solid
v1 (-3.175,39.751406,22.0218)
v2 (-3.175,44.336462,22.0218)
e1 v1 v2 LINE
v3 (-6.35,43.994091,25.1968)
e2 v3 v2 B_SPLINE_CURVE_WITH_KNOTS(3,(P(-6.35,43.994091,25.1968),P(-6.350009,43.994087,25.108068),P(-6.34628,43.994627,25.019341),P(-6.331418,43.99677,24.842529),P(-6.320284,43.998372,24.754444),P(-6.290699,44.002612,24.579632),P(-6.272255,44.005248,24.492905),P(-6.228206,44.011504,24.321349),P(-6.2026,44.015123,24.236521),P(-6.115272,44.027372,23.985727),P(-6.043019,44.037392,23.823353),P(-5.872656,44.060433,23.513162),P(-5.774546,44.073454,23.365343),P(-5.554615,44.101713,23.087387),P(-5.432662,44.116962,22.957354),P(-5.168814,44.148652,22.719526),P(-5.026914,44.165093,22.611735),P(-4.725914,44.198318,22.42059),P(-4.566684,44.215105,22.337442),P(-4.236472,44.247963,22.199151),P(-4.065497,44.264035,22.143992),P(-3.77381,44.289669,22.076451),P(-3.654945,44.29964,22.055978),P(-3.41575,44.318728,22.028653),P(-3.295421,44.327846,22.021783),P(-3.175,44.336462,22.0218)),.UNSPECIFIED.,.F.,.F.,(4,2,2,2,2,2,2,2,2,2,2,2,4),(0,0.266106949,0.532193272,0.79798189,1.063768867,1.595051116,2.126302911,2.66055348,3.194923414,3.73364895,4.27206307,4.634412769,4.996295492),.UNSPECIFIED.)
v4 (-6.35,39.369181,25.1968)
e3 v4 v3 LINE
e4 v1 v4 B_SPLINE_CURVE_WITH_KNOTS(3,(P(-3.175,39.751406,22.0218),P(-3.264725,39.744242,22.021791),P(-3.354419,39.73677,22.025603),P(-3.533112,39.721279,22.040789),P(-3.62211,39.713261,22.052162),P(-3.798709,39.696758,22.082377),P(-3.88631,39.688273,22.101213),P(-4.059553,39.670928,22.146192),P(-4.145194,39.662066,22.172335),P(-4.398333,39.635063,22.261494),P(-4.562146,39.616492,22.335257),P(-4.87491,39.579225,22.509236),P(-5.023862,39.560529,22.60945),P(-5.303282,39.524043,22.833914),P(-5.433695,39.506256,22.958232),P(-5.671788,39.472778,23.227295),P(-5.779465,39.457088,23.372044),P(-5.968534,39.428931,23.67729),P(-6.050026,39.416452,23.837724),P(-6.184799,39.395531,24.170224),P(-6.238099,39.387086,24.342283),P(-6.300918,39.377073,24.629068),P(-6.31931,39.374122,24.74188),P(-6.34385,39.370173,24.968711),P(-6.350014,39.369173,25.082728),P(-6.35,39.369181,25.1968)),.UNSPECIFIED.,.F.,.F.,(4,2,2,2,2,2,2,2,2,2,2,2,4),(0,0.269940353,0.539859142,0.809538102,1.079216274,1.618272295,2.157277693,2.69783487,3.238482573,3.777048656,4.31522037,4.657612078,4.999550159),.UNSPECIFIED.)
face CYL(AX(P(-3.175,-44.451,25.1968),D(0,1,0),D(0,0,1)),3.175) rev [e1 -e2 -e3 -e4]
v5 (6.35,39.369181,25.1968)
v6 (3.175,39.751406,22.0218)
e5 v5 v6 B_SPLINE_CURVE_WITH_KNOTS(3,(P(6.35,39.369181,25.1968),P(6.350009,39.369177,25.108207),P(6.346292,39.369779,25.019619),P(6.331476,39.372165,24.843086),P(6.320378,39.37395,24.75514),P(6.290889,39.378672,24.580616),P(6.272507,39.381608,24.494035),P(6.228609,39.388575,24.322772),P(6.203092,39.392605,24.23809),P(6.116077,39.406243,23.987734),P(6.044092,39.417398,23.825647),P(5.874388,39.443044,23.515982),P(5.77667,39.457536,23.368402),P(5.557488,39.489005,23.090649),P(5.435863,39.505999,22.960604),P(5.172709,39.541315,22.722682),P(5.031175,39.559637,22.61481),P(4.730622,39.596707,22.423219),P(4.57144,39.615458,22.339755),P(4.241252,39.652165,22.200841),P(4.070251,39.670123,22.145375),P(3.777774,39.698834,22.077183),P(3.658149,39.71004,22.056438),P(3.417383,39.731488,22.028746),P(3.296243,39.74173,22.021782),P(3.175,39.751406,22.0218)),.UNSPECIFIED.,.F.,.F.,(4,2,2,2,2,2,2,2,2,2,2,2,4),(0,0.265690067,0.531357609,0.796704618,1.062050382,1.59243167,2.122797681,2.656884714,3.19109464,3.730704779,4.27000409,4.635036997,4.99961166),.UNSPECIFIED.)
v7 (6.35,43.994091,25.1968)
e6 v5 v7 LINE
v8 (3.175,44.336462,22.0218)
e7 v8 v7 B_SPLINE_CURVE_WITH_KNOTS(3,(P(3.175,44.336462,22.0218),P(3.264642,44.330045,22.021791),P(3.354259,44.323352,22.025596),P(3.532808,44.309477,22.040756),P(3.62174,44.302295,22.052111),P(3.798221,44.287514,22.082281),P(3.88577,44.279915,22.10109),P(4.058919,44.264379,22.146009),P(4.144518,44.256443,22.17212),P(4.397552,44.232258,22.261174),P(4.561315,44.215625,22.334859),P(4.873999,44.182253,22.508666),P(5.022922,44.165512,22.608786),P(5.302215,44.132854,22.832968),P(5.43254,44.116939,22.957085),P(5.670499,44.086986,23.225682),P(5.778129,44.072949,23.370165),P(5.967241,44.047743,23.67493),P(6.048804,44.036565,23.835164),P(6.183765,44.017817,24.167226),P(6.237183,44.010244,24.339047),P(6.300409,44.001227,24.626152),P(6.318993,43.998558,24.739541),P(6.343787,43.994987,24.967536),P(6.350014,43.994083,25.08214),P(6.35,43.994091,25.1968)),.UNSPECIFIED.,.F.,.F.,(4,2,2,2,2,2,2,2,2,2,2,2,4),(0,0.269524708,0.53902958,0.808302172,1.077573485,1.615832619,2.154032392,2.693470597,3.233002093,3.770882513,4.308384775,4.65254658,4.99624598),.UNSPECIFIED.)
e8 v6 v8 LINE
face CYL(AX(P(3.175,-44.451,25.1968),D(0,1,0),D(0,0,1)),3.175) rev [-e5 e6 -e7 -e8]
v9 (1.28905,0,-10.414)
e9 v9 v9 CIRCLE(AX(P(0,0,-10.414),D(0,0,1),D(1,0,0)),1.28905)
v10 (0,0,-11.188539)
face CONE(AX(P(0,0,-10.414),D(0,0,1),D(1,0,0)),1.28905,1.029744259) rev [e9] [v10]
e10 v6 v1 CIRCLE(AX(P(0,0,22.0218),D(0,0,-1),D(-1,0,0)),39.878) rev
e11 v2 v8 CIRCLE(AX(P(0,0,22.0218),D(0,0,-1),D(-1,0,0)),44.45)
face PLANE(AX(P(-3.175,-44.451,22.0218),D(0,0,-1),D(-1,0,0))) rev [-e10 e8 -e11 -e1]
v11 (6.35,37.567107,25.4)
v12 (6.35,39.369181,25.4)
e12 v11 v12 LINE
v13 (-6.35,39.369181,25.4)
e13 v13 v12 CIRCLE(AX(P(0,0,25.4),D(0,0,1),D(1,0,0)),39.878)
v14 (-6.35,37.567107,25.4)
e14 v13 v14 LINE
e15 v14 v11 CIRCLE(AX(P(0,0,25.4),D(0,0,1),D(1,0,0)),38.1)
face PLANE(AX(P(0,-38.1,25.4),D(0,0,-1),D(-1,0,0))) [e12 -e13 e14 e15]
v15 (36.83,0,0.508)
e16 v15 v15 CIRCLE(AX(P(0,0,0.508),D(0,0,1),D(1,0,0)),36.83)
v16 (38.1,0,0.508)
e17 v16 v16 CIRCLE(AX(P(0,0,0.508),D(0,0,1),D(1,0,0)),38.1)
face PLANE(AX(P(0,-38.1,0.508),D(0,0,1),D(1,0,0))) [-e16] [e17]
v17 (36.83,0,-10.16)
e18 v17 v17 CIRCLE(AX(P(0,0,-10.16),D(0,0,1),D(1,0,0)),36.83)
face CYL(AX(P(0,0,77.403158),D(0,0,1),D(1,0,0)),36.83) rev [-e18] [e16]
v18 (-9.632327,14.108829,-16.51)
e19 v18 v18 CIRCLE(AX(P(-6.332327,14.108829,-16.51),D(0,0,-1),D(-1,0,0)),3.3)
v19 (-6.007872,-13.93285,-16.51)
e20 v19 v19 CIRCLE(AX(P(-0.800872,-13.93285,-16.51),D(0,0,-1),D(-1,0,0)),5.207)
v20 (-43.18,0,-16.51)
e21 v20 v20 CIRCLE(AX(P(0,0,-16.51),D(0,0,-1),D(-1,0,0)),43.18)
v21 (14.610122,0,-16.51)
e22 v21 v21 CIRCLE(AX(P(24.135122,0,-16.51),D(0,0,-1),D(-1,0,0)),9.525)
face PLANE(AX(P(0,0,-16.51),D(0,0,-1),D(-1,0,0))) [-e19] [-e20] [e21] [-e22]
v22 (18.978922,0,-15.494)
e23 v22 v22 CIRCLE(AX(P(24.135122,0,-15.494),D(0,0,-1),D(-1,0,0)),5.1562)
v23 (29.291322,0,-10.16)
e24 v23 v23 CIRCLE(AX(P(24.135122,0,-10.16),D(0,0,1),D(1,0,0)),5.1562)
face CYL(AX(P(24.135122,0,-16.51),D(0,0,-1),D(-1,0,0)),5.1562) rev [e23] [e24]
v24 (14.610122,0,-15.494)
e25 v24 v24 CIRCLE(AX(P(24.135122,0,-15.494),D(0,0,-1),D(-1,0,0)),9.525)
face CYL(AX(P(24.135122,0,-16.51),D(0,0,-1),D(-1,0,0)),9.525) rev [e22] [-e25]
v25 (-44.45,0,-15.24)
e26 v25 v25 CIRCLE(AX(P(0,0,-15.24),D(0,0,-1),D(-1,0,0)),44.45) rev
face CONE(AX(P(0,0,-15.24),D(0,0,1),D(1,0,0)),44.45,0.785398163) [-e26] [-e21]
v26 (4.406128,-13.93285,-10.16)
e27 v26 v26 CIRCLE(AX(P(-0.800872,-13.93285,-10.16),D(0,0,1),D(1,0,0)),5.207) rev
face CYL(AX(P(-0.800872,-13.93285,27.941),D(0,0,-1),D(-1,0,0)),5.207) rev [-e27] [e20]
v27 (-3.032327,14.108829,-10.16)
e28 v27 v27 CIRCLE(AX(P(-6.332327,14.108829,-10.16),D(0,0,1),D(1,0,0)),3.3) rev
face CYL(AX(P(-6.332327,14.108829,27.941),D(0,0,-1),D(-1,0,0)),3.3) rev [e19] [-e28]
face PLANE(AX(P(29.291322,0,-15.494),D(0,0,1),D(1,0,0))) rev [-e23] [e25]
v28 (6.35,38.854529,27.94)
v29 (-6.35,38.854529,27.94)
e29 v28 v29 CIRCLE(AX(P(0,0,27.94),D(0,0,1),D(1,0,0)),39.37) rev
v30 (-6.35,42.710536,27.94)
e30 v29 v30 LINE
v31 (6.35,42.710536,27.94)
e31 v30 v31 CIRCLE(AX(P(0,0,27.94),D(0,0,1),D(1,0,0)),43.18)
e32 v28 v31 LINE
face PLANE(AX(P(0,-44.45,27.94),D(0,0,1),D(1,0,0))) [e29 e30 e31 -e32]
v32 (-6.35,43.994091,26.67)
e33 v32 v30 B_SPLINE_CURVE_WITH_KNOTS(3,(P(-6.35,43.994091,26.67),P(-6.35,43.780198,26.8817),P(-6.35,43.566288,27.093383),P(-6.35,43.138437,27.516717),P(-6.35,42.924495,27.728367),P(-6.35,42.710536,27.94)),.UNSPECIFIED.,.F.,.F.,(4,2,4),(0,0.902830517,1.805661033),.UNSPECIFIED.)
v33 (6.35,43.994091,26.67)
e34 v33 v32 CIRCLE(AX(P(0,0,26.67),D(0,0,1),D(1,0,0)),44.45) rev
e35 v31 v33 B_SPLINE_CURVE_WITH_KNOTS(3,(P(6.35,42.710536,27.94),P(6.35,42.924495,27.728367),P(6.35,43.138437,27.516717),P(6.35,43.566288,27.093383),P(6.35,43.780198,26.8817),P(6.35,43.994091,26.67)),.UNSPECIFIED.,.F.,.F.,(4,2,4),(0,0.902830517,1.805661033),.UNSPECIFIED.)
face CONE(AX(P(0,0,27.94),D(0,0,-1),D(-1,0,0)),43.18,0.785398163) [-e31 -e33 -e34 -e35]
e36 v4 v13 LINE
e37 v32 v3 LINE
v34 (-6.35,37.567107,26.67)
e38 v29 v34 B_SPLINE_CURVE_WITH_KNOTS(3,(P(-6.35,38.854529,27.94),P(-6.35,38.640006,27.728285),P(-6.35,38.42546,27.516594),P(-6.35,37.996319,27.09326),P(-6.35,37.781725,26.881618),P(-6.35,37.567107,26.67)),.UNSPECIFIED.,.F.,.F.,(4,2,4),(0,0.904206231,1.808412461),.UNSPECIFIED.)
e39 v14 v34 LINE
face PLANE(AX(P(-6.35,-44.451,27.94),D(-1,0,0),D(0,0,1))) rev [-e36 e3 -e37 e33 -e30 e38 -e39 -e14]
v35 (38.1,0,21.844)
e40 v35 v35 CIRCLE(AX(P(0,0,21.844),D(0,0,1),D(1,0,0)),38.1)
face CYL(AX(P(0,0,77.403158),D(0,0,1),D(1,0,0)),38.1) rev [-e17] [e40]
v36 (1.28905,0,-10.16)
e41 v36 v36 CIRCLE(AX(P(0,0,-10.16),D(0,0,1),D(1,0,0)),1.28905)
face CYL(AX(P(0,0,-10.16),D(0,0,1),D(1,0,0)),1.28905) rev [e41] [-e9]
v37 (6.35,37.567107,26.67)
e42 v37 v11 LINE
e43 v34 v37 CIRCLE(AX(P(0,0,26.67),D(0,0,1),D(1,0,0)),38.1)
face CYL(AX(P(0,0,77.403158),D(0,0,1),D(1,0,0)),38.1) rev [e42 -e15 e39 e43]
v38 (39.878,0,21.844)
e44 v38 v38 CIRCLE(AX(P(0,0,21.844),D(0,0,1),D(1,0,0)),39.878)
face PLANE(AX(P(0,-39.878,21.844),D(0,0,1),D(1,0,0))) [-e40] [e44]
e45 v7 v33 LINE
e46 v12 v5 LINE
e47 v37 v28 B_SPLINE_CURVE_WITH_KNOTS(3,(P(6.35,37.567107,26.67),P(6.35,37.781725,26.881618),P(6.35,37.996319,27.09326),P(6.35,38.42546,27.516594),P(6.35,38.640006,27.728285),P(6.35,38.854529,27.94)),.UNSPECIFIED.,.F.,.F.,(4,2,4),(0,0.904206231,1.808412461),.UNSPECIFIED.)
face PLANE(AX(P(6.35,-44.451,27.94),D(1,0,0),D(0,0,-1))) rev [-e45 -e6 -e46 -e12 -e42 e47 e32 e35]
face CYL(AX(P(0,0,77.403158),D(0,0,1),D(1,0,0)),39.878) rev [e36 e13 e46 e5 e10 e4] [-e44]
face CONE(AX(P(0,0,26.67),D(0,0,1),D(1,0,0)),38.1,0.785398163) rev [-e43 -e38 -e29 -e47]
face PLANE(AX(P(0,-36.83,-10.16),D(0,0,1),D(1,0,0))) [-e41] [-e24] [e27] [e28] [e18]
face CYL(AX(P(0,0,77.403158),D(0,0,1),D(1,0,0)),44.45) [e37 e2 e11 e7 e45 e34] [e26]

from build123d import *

# Parameters (mm, degrees)
CUT_EXTRUDE1_REACH                                   = 90.9
CHAMFER2_SIZE                                        = 1.27
CHAMFER3_SIZE                                        = 1.27
F_38_0_1015_DIAMETER_HOLE1_D                         = 2.5781
F_38_0_1015_DIAMETER_HOLE1_DEPTH                     = 0.254
F_38_0_1015_DIAMETER_HOLE1_TIP                       = 0.774539381
CBORE_FOR_3_8_BINDING_HEAD_MACHINE_SCREW_D           = 10.3124
CBORE_FOR_3_8_BINDING_HEAD_MACHINE_SCREW_DEPTH       = 6.35
CBORE_FOR_3_8_BINDING_HEAD_MACHINE_SCREW_CBORE_D     = 19.05
CBORE_FOR_3_8_BINDING_HEAD_MACHINE_SCREW_CBORE_DEPTH = 1.016
CUT_EXTRUDE3_REACH                                   = 46.45
SKETCH16_R                                           = 5.207
SKETCH16_R_2                                         = 3.3


with BuildPart() as part:
    # Sketch1 → Revolve1 (revolve)
    with BuildSketch(Plane(origin=(0, 0, 0), x_dir=(0, 0, -1), z_dir=(1, 0, 0))):
        Polygon((10.16, 0), (16.51, 0), (16.51, -44.45), (-27.94, -44.45), (-27.94, -38.1), (-25.4, -38.1), (-25.4, -39.878), (-21.844, -39.878), (-21.844, -38.1), (-0.508, -38.1), (-0.508, -36.83), (10.16, -36.83), align=None)
    revolve(axis=Axis((0, 0, 77.403157895), (0, 0, -1)))

    # Sketch2 → Cut-Extrude1 (cut, up to next)
    with BuildSketch(Plane(origin=(0, 44.45, 0), x_dir=(1, 0, 0), z_dir=(0, 1, 0)), mode=Mode.PRIVATE) as cut_extrude1_sk1:
        with BuildLine():
            Line((-6.35, -27.94), (6.35, -27.94))
            Line((6.35, -27.94), (6.35, -25.1968))
            ThreePointArc((6.35, -25.1968), (5.42006403, -22.95173597), (3.175, -22.0218))
            Line((3.175, -22.0218), (-3.175, -22.0218))
            ThreePointArc((-3.175, -22.0218), (-5.42006403, -22.95173597), (-6.35, -25.1968))
            Line((-6.35, -25.1968), (-6.35, -27.94))
        make_face()
    cut_extrude1_tool1 = extrude(cut_extrude1_sk1.sketch, amount=-CUT_EXTRUDE1_REACH, mode=Mode.PRIVATE) & part.part
    add(cut_extrude1_tool1.solids().sort_by_distance((0, 44.45, 25.118327))[0], mode=Mode.SUBTRACT)

    # Chamfer2
    chamfer2_edges = [part.edges().sort_by_distance(p)[0] for p in [
        (0, 44.45, -16.51),
        (-44.335876123, -3.183172689, 27.94),
    ]]
    chamfer(chamfer2_edges, length=CHAMFER2_SIZE)

    # Chamfer3
    chamfer3_edges = [part.edges().sort_by_distance(p)[0] for p in [
        (0, -38.1, 27.94),
    ]]
    chamfer(chamfer3_edges, length=CHAMFER3_SIZE)

    # #38 (0.1015) Diameter Hole1
    with Locations(Plane.XY.offset(-10.16)):
        with Locations((0, 0)):
            Hole(F_38_0_1015_DIAMETER_HOLE1_D / 2, depth=F_38_0_1015_DIAMETER_HOLE1_DEPTH)
            with Locations((0, 0, -(F_38_0_1015_DIAMETER_HOLE1_DEPTH + F_38_0_1015_DIAMETER_HOLE1_TIP / 2))):  # 118° drill point
                Cone(0, F_38_0_1015_DIAMETER_HOLE1_D / 2, F_38_0_1015_DIAMETER_HOLE1_TIP, mode=Mode.SUBTRACT)

    # CBORE for 3/8 Binding Head Machine Screw1
    with Locations(Plane(origin=(0, 0, -16.51), x_dir=(-1, 0, 0), z_dir=(0, 0, -1))):
        with Locations((-24.13512246, 0)):
            CounterBoreHole(CBORE_FOR_3_8_BINDING_HEAD_MACHINE_SCREW_D / 2, CBORE_FOR_3_8_BINDING_HEAD_MACHINE_SCREW_CBORE_D / 2, CBORE_FOR_3_8_BINDING_HEAD_MACHINE_SCREW_CBORE_DEPTH, depth=CBORE_FOR_3_8_BINDING_HEAD_MACHINE_SCREW_DEPTH)

    # Sketch16 → Cut-Extrude3 (cut, up to next)
    with BuildSketch(Plane(origin=(0, 0, -16.51), x_dir=(-1, 0, 0), z_dir=(0, 0, -1)), mode=Mode.PRIVATE) as cut_extrude3_sk1:
        with Locations((0.800871739, -13.932849809)):
            Circle(SKETCH16_R)
    cut_extrude3_tool1 = extrude(cut_extrude3_sk1.sketch, amount=-CUT_EXTRUDE3_REACH, mode=Mode.PRIVATE) & part.part
    add(cut_extrude3_tool1.solids().sort_by_distance((-0.800872, -13.93285, -16.51))[0], mode=Mode.SUBTRACT)
    # Sketch16 → Cut-Extrude3 (cut, up to next)
    with BuildSketch(Plane(origin=(0, 0, -16.51), x_dir=(-1, 0, 0), z_dir=(0, 0, -1)), mode=Mode.PRIVATE) as cut_extrude3_sk2:
        with Locations((6.332326955, 14.108828715)):
            Circle(SKETCH16_R_2)
    cut_extrude3_tool2 = extrude(cut_extrude3_sk2.sketch, amount=-CUT_EXTRUDE3_REACH, mode=Mode.PRIVATE) & part.part
    add(cut_extrude3_tool2.solids().sort_by_distance((-6.332327, 14.108829, -16.51))[0], mode=Mode.SUBTRACT)


solid = part.part
